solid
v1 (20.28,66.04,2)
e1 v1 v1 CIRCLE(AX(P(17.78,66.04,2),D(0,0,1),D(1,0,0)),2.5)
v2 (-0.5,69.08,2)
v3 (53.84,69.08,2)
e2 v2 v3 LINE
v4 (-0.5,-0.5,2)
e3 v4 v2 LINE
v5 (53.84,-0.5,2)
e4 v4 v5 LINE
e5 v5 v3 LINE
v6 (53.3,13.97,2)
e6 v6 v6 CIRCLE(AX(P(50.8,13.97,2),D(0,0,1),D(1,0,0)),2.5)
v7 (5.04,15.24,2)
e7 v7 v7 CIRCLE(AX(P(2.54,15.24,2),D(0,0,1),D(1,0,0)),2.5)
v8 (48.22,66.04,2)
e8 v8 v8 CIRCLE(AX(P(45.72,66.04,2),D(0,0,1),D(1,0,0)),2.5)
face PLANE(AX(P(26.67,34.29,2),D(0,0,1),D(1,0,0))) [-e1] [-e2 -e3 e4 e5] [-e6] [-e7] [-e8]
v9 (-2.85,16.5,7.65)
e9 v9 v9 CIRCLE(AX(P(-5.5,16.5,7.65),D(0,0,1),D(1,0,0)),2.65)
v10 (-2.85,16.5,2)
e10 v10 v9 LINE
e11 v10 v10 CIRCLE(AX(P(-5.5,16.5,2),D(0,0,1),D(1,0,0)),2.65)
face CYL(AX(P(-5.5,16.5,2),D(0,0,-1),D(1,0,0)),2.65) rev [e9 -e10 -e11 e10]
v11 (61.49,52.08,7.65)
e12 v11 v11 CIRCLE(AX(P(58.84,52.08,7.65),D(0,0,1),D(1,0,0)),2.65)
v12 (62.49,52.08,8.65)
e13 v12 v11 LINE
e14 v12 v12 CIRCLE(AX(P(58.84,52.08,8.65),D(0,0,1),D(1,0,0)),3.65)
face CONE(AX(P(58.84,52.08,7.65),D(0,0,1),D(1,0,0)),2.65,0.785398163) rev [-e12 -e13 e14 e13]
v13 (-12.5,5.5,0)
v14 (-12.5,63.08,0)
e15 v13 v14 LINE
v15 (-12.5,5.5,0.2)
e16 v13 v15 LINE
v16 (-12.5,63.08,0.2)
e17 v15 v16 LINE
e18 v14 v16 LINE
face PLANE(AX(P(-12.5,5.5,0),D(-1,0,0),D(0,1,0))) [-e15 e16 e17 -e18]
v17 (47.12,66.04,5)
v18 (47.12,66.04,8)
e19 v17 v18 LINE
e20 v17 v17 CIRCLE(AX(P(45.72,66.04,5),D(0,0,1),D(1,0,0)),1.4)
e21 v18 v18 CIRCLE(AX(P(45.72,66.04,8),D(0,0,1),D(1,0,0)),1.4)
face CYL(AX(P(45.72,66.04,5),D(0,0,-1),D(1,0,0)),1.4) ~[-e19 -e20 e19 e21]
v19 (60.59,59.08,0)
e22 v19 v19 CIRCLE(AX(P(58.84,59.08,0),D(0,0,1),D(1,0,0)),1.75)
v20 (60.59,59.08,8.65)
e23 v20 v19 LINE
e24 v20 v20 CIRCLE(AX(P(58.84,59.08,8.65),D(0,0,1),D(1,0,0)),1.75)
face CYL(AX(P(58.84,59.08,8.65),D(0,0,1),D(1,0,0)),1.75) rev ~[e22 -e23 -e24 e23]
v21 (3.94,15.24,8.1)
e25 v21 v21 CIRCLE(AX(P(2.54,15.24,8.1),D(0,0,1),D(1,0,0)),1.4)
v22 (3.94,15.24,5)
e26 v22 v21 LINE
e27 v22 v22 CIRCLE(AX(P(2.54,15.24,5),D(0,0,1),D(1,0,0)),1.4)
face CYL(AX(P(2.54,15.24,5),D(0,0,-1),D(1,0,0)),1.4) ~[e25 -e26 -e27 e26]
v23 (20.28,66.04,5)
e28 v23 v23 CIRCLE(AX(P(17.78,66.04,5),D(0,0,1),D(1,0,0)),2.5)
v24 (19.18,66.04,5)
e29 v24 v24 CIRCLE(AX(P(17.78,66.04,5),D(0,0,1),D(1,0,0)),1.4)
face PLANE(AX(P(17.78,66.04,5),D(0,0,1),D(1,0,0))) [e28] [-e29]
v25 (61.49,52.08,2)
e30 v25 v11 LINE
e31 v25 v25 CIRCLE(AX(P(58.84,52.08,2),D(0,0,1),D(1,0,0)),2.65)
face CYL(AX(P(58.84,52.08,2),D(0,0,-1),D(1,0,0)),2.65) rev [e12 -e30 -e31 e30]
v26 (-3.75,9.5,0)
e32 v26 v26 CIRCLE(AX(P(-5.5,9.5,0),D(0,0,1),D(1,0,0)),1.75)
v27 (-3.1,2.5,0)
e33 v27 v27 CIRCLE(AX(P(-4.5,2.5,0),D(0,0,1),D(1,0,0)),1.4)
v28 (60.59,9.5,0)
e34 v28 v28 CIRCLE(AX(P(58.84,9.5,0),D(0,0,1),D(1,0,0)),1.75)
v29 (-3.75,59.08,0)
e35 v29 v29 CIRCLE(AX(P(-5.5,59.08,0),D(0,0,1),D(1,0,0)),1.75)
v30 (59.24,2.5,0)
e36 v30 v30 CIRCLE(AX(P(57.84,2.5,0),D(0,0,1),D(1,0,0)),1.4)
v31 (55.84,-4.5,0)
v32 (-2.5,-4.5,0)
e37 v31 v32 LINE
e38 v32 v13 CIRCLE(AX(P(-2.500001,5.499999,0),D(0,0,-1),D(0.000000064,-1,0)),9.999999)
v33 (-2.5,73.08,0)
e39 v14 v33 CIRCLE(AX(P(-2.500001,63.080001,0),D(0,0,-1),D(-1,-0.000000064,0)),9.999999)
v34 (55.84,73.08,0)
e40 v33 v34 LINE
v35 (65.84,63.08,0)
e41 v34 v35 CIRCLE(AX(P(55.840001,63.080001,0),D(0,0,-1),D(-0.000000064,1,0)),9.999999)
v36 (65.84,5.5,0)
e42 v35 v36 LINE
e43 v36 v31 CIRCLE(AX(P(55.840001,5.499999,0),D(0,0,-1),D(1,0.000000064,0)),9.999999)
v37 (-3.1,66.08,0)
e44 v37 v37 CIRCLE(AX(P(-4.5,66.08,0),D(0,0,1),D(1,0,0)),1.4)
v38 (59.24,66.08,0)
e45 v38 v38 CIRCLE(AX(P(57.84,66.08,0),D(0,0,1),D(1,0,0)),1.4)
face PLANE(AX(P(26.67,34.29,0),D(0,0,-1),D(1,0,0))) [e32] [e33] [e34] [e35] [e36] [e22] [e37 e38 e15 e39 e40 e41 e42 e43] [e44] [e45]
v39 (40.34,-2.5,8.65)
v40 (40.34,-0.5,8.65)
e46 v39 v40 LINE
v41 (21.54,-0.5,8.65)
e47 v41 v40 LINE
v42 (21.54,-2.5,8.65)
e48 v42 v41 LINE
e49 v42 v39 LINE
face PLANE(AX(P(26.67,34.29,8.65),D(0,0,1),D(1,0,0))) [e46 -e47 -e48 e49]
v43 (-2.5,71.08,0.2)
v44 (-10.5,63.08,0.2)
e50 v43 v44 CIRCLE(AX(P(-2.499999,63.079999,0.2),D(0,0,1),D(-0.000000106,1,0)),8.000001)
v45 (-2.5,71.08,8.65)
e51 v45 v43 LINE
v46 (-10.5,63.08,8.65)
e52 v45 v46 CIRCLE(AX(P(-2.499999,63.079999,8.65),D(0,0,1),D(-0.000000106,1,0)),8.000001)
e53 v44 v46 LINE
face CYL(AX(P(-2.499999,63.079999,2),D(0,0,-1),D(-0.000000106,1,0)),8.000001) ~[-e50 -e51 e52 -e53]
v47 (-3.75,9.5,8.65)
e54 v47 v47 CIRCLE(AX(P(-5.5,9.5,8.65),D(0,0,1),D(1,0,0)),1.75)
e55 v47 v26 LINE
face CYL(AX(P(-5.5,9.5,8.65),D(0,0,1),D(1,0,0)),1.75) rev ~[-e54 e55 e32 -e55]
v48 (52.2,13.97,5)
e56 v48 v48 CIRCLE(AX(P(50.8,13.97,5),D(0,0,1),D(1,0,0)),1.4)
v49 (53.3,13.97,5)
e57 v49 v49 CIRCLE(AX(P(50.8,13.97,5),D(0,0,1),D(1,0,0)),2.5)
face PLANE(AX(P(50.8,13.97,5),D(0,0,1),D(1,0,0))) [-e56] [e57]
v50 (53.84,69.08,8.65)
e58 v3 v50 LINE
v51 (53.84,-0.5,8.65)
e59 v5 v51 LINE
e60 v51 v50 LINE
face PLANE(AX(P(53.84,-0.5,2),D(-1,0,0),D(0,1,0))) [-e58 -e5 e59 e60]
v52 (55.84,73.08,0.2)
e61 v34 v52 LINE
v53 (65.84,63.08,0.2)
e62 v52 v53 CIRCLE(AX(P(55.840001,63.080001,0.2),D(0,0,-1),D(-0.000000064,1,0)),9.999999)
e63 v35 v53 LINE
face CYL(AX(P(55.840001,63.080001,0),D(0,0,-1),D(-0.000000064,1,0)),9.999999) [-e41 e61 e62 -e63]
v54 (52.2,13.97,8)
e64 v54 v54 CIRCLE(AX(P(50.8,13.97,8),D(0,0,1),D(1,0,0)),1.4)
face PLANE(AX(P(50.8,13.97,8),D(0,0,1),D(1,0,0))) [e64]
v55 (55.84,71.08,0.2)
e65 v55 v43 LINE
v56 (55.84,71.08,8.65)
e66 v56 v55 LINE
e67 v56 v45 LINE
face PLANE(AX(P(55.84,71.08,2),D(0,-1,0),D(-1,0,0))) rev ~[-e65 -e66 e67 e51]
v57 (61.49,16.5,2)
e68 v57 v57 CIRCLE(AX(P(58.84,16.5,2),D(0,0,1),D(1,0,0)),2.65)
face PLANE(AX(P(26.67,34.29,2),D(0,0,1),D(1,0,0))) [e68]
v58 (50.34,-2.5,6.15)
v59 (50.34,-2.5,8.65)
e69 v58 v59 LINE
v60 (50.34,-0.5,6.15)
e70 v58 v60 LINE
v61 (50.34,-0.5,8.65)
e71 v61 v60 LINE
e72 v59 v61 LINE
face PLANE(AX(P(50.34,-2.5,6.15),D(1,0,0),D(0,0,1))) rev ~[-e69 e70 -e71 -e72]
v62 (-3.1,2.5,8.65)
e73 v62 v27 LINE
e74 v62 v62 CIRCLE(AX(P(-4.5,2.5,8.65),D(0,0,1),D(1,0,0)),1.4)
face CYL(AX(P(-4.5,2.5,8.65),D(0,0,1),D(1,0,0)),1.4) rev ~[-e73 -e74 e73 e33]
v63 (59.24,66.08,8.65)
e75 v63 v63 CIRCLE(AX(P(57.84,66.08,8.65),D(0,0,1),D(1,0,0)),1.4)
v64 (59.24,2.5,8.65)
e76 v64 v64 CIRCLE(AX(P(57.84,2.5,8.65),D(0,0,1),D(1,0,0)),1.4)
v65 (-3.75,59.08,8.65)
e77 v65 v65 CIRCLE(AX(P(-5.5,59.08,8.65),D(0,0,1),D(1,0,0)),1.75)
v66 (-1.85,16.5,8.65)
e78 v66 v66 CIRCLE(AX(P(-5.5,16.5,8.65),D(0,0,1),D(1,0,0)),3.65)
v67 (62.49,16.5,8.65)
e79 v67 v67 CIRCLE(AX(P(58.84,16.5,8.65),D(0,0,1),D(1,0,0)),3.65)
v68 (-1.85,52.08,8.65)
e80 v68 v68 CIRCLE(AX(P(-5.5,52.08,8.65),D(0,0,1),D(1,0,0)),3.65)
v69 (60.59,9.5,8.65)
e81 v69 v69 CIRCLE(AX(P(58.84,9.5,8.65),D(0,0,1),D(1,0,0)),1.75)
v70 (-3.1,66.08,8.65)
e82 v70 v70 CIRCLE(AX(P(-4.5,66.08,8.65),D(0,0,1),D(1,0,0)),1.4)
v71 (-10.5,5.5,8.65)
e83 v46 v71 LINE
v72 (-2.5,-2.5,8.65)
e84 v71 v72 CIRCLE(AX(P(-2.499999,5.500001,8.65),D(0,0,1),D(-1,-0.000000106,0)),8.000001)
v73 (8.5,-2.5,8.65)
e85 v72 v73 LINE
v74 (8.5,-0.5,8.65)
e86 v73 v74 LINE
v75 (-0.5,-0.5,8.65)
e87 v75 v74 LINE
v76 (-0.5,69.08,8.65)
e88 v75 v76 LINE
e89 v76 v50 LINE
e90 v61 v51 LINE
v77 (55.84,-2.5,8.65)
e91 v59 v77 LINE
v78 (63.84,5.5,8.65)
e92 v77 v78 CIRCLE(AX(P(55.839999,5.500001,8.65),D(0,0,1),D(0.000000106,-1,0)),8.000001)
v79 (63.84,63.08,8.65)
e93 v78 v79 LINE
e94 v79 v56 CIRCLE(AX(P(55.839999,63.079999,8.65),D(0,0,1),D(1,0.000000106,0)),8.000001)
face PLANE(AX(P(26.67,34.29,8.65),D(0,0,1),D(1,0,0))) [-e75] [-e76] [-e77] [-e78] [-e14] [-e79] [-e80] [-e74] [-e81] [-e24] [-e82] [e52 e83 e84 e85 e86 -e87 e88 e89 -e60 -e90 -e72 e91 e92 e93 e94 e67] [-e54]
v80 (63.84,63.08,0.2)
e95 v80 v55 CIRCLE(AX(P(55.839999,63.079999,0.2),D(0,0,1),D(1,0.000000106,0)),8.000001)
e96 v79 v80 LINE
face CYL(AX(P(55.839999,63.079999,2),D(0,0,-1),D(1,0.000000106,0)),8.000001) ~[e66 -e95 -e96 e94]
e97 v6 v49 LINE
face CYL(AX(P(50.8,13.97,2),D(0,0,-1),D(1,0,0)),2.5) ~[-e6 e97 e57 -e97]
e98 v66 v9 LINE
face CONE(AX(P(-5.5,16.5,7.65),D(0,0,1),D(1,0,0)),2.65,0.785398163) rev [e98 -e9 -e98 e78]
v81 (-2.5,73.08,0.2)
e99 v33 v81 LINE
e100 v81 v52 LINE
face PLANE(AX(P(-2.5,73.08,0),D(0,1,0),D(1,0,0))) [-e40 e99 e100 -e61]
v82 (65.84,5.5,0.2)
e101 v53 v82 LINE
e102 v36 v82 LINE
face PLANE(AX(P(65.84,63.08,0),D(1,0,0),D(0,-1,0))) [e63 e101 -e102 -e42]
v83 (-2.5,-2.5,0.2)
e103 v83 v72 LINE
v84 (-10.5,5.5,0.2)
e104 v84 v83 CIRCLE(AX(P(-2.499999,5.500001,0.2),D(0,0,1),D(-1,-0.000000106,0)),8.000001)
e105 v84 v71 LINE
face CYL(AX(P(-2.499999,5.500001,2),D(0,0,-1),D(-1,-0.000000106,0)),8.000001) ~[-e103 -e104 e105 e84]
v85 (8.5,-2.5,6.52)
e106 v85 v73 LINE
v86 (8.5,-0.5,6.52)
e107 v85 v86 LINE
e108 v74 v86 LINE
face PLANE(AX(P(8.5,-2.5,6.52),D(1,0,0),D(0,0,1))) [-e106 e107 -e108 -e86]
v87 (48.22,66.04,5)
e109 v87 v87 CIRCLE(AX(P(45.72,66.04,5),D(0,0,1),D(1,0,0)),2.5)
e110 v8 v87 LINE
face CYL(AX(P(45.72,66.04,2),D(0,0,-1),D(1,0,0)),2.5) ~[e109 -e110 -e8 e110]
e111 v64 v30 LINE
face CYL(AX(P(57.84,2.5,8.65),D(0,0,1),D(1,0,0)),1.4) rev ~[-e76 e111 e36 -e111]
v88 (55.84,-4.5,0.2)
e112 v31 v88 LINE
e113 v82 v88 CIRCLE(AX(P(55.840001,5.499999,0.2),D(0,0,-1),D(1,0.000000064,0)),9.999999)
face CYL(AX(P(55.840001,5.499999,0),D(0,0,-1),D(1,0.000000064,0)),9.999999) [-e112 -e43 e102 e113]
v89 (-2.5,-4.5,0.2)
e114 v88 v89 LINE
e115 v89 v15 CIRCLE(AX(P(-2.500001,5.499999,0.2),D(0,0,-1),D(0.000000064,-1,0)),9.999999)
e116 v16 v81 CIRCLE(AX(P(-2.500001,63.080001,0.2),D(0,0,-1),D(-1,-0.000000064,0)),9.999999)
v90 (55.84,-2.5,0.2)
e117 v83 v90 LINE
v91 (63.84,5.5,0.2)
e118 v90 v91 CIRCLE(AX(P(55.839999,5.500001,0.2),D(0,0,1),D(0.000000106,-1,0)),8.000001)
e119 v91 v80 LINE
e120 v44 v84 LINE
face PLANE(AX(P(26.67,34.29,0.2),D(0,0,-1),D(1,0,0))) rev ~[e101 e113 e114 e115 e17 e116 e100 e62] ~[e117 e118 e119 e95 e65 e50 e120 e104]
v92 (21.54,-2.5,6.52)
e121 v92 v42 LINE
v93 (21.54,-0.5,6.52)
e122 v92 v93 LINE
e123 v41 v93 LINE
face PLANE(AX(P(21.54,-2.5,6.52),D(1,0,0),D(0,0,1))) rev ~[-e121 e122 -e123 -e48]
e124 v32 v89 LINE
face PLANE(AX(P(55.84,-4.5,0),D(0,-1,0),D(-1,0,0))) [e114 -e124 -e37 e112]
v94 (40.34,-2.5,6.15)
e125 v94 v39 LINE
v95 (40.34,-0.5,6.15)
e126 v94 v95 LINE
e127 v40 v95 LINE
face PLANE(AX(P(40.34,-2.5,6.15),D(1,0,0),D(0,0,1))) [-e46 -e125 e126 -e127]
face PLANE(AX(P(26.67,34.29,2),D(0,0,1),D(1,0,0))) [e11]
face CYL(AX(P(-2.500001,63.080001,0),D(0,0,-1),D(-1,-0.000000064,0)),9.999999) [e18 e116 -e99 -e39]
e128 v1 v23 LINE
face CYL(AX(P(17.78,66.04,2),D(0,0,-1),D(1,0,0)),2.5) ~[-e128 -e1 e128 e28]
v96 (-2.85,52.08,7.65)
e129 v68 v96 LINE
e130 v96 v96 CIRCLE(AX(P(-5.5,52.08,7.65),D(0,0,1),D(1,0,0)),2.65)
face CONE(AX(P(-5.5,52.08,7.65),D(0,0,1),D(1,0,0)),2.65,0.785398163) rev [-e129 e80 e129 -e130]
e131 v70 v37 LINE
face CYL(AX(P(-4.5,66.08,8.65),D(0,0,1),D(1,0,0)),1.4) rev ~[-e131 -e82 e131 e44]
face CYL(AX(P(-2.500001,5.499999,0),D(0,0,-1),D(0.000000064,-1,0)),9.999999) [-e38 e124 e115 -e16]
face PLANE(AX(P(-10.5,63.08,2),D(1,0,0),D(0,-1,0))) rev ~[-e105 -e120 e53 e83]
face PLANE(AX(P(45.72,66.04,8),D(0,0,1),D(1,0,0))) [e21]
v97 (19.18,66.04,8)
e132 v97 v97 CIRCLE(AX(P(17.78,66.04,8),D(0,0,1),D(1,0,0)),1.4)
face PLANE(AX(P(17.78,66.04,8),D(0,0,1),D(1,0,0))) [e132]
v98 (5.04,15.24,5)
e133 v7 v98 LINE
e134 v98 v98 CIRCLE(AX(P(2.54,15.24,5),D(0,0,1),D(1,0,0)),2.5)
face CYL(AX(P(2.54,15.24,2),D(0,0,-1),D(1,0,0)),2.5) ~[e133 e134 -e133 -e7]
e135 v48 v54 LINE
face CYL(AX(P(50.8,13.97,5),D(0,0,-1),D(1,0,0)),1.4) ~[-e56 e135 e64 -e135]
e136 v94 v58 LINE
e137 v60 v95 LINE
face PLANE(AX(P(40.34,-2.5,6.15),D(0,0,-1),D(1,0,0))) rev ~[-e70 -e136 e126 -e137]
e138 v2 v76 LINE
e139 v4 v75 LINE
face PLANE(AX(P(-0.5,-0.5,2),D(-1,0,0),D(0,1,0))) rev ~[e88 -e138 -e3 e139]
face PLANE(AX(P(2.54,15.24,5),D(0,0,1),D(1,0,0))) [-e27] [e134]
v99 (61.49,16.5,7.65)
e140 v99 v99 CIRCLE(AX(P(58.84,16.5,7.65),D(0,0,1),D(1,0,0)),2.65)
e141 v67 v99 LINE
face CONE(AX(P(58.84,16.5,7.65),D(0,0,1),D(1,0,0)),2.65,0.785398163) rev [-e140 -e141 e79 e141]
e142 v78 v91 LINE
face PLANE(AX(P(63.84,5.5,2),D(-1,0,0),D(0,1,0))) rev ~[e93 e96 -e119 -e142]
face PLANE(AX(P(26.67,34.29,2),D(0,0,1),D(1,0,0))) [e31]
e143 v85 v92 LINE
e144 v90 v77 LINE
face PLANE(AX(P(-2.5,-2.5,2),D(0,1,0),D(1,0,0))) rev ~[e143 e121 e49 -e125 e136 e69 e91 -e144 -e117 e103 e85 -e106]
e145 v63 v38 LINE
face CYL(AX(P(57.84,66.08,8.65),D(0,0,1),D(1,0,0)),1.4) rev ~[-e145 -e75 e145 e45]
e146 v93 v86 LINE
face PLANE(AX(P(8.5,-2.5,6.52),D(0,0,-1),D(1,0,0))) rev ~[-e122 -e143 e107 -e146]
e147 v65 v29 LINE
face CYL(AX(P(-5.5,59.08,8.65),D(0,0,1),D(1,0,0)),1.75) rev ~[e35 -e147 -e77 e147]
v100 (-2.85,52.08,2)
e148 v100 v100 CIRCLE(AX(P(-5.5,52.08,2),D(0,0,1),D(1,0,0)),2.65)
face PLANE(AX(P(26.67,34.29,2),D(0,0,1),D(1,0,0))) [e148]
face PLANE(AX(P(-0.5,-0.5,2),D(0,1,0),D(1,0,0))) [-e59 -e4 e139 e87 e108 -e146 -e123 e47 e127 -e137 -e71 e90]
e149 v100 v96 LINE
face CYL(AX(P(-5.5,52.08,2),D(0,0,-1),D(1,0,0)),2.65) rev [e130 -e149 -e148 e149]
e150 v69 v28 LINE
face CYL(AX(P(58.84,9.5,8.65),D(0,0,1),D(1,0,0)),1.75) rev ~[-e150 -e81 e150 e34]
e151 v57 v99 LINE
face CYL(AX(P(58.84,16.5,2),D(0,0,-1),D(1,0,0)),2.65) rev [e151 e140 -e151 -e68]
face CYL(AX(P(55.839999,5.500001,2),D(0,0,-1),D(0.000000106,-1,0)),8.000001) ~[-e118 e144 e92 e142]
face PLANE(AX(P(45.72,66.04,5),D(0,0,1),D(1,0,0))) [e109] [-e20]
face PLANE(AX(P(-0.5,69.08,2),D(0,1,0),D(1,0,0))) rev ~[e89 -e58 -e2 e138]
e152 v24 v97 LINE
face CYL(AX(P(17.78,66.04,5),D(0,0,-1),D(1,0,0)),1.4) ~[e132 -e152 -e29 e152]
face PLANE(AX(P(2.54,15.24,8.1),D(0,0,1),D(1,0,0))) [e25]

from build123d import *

# Parameters (mm, degrees)
F1_DEPTH  = 2
F2_R      = 2.5
F3_DEPTH  = 3
F4_R      = 1.4
F5_DEPTH  = 3
F6_R      = 1.4
F7_DEPTH  = 3
F8_R      = 1.4
F9_DEPTH  = 3.1
F10_R     = 1.4
F11_DEPTH = 3
F12_R     = 2.65
F12_W     = 54.34
F12_H     = 69.58
F13_DEPTH = 6.65
F14_R     = 1.75
F14_R_2   = 1.4
F15_DEPTH = 25
F16_W     = 13.04
F16_H     = 2.13
F16_W_2   = 10
F16_H_2   = 2.5
F17_DEPTH = 3
F18_SIZE  = 1
F20_DEPTH = 0.2


with BuildPart() as f1:
    # F0 (on Top) → F1 (new body)
    with BuildSketch(Plane.XY):
        with BuildLine():
            Line((55.84, 71.08), (-2.5, 71.08))
            ThreePointArc((-2.5, 71.08), (-8.156854, 68.736854), (-10.5, 63.08))
            Line((-10.5, 63.08), (-10.5, 5.5))
            ThreePointArc((-10.5, 5.5), (-8.156854, -0.156854), (-2.5, -2.5))
            Line((-2.5, -2.5), (55.84, -2.5))
            ThreePointArc((55.84, -2.5), (61.496854, -0.156854), (63.84, 5.5))
            Line((63.84, 5.5), (63.84, 63.08))
            ThreePointArc((63.84, 63.08), (61.496854, 68.736854), (55.84, 71.08))
        make_face()
    extrude(amount=F1_DEPTH)

    # F2 (on face) → F3 (join)
    with BuildSketch(Plane.XY.offset(2)):
        with Locations((17.78, 66.04)):
            Circle(F2_R)
        with Locations((45.72, 66.04)):
            Circle(F2_R)
        with Locations((2.54, 15.24)):
            Circle(F2_R)
        with Locations((50.8, 13.97)):
            Circle(F2_R)
    extrude(amount=F3_DEPTH)

    # F4 (on face) → F5 (join)
    with BuildSketch(Plane.XY.offset(5)):
        with Locations((17.78, 66.04)):
            Circle(F4_R)
    extrude(amount=F5_DEPTH)

    # F6 (on face) → F7 (join)
    with BuildSketch(Plane.XY.offset(5)):
        with Locations((45.72, 66.04)):
            Circle(F6_R)
    extrude(amount=F7_DEPTH)

    # F8 (on face) → F9 (join)
    with BuildSketch(Plane.XY.offset(5)):
        with Locations((2.54, 15.24)):
            Circle(F8_R)
    extrude(amount=F9_DEPTH)

    # F10 (on face) → F11 (join)
    with BuildSketch(Plane.XY.offset(5)):
        with Locations((50.8, 13.97)):
            Circle(F10_R)
    extrude(amount=F11_DEPTH)

    # F12 (on face) → F13 (join)
    with BuildSketch(Plane.XY.offset(2)):
        with BuildLine():
            ThreePointArc((-2.5, 71.08), (-8.156854, 68.736854), (-10.5, 63.08))
            Line((-10.5, 63.08), (-10.5, 5.5))
            ThreePointArc((-10.5, 5.5), (-8.156854, -0.156854), (-2.5, -2.5))
            Line((-2.5, -2.5), (55.84, -2.5))
            ThreePointArc((55.84, -2.5), (61.496854, -0.156854), (63.84, 5.5))
            Line((63.84, 5.5), (63.84, 63.08))
            ThreePointArc((63.84, 63.08), (61.496854, 68.736854), (55.84, 71.08))
            Line((55.84, 71.08), (-2.5, 71.08))
        make_face()
        with Locations((-5.5, 16.5)):
            Circle(F12_R, mode=Mode.SUBTRACT)
        with Locations((58.84, 16.5)):
            Circle(F12_R, mode=Mode.SUBTRACT)
        with Locations((-5.5, 52.08)):
            Circle(F12_R, mode=Mode.SUBTRACT)
        with Locations((26.67, 34.29)):
            Rectangle(F12_W, F12_H, mode=Mode.SUBTRACT)
        with Locations((58.84, 52.08)):
            Circle(F12_R, mode=Mode.SUBTRACT)
    extrude(amount=F13_DEPTH)

    # F14 (on face) → F15 (cut)
    with BuildSketch(Plane.XY.offset(8.65)):
        with Locations((-5.5, 9.5)):
            Circle(F14_R)
        with Locations((-4.5, 2.5)):
            Circle(F14_R_2)
        with Locations((-4.5, 66.08)):
            Circle(F14_R_2)
        with Locations((-5.5, 59.08)):
            Circle(F14_R)
        with Locations((57.84, 66.08)):
            Circle(F14_R_2)
        with Locations((58.84, 59.08)):
            Circle(F14_R)
        with Locations((58.84, 9.5)):
            Circle(F14_R)
        with Locations((57.84, 2.5)):
            Circle(F14_R_2)
    extrude(amount=-F15_DEPTH, mode=Mode.SUBTRACT)

    # F16 (on face) → F17 (cut)
    with BuildSketch(Plane.XZ.offset(2.5)):
        with Locations((15.02, 7.585)):
            Rectangle(F16_W, F16_H)
        with Locations((45.34, 7.4)):
            Rectangle(F16_W_2, F16_H_2)
    extrude(amount=-F17_DEPTH, mode=Mode.SUBTRACT)

    # F18
    f18_edges = [f1.edges().sort_by_distance(p)[0] for p in [
        (56.19, 16.5, 8.65),
        (56.19, 52.08, 8.65),
        (-8.15, 52.08, 8.65),
        (-8.15, 16.5, 8.65),
    ]]
    chamfer(f18_edges, length=F18_SIZE)

    # F19 (on face) → F20 (join)
    with BuildSketch(Plane(origin=(0, 0, 0), x_dir=(1, 0, 0), z_dir=(0, 0, -1))):
        with BuildLine():
            ThreePointArc((-2.5, 4.5), (-9.571068, 1.571068), (-12.5, -5.5))
            Line((-12.5, -5.5), (-12.5, -63.08))
            ThreePointArc((-12.5, -63.08), (-9.571068, -70.151068), (-2.5, -73.08))
            Line((-2.5, -73.08), (55.84, -73.08))
            ThreePointArc((55.84, -73.08), (62.911068, -70.151068), (65.84, -63.08))
            Line((65.84, -63.08), (65.84, -5.5))
            ThreePointArc((65.84, -5.5), (62.911068, 1.571068), (55.84, 4.5))
            Line((55.84, 4.5), (-2.5, 4.5))
        make_face()
        with BuildLine():
            Line((-10.5, -63.08), (-10.5, -5.5))
            ThreePointArc((-10.5, -5.5), (-8.156854, 0.156854), (-2.5, 2.5))
            Line((-2.5, 2.5), (55.84, 2.5))
            ThreePointArc((55.84, 2.5), (61.496854, 0.156854), (63.84, -5.5))
            Line((63.84, -5.5), (63.84, -63.08))
            ThreePointArc((63.84, -63.08), (61.496854, -68.736854), (55.84, -71.08))
            Line((55.84, -71.08), (-2.5, -71.08))
            ThreePointArc((-2.5, -71.08), (-8.156854, -68.736854), (-10.5, -63.08))
        make_face(mode=Mode.SUBTRACT)
    extrude(amount=-F20_DEPTH)


solid = f1.part
